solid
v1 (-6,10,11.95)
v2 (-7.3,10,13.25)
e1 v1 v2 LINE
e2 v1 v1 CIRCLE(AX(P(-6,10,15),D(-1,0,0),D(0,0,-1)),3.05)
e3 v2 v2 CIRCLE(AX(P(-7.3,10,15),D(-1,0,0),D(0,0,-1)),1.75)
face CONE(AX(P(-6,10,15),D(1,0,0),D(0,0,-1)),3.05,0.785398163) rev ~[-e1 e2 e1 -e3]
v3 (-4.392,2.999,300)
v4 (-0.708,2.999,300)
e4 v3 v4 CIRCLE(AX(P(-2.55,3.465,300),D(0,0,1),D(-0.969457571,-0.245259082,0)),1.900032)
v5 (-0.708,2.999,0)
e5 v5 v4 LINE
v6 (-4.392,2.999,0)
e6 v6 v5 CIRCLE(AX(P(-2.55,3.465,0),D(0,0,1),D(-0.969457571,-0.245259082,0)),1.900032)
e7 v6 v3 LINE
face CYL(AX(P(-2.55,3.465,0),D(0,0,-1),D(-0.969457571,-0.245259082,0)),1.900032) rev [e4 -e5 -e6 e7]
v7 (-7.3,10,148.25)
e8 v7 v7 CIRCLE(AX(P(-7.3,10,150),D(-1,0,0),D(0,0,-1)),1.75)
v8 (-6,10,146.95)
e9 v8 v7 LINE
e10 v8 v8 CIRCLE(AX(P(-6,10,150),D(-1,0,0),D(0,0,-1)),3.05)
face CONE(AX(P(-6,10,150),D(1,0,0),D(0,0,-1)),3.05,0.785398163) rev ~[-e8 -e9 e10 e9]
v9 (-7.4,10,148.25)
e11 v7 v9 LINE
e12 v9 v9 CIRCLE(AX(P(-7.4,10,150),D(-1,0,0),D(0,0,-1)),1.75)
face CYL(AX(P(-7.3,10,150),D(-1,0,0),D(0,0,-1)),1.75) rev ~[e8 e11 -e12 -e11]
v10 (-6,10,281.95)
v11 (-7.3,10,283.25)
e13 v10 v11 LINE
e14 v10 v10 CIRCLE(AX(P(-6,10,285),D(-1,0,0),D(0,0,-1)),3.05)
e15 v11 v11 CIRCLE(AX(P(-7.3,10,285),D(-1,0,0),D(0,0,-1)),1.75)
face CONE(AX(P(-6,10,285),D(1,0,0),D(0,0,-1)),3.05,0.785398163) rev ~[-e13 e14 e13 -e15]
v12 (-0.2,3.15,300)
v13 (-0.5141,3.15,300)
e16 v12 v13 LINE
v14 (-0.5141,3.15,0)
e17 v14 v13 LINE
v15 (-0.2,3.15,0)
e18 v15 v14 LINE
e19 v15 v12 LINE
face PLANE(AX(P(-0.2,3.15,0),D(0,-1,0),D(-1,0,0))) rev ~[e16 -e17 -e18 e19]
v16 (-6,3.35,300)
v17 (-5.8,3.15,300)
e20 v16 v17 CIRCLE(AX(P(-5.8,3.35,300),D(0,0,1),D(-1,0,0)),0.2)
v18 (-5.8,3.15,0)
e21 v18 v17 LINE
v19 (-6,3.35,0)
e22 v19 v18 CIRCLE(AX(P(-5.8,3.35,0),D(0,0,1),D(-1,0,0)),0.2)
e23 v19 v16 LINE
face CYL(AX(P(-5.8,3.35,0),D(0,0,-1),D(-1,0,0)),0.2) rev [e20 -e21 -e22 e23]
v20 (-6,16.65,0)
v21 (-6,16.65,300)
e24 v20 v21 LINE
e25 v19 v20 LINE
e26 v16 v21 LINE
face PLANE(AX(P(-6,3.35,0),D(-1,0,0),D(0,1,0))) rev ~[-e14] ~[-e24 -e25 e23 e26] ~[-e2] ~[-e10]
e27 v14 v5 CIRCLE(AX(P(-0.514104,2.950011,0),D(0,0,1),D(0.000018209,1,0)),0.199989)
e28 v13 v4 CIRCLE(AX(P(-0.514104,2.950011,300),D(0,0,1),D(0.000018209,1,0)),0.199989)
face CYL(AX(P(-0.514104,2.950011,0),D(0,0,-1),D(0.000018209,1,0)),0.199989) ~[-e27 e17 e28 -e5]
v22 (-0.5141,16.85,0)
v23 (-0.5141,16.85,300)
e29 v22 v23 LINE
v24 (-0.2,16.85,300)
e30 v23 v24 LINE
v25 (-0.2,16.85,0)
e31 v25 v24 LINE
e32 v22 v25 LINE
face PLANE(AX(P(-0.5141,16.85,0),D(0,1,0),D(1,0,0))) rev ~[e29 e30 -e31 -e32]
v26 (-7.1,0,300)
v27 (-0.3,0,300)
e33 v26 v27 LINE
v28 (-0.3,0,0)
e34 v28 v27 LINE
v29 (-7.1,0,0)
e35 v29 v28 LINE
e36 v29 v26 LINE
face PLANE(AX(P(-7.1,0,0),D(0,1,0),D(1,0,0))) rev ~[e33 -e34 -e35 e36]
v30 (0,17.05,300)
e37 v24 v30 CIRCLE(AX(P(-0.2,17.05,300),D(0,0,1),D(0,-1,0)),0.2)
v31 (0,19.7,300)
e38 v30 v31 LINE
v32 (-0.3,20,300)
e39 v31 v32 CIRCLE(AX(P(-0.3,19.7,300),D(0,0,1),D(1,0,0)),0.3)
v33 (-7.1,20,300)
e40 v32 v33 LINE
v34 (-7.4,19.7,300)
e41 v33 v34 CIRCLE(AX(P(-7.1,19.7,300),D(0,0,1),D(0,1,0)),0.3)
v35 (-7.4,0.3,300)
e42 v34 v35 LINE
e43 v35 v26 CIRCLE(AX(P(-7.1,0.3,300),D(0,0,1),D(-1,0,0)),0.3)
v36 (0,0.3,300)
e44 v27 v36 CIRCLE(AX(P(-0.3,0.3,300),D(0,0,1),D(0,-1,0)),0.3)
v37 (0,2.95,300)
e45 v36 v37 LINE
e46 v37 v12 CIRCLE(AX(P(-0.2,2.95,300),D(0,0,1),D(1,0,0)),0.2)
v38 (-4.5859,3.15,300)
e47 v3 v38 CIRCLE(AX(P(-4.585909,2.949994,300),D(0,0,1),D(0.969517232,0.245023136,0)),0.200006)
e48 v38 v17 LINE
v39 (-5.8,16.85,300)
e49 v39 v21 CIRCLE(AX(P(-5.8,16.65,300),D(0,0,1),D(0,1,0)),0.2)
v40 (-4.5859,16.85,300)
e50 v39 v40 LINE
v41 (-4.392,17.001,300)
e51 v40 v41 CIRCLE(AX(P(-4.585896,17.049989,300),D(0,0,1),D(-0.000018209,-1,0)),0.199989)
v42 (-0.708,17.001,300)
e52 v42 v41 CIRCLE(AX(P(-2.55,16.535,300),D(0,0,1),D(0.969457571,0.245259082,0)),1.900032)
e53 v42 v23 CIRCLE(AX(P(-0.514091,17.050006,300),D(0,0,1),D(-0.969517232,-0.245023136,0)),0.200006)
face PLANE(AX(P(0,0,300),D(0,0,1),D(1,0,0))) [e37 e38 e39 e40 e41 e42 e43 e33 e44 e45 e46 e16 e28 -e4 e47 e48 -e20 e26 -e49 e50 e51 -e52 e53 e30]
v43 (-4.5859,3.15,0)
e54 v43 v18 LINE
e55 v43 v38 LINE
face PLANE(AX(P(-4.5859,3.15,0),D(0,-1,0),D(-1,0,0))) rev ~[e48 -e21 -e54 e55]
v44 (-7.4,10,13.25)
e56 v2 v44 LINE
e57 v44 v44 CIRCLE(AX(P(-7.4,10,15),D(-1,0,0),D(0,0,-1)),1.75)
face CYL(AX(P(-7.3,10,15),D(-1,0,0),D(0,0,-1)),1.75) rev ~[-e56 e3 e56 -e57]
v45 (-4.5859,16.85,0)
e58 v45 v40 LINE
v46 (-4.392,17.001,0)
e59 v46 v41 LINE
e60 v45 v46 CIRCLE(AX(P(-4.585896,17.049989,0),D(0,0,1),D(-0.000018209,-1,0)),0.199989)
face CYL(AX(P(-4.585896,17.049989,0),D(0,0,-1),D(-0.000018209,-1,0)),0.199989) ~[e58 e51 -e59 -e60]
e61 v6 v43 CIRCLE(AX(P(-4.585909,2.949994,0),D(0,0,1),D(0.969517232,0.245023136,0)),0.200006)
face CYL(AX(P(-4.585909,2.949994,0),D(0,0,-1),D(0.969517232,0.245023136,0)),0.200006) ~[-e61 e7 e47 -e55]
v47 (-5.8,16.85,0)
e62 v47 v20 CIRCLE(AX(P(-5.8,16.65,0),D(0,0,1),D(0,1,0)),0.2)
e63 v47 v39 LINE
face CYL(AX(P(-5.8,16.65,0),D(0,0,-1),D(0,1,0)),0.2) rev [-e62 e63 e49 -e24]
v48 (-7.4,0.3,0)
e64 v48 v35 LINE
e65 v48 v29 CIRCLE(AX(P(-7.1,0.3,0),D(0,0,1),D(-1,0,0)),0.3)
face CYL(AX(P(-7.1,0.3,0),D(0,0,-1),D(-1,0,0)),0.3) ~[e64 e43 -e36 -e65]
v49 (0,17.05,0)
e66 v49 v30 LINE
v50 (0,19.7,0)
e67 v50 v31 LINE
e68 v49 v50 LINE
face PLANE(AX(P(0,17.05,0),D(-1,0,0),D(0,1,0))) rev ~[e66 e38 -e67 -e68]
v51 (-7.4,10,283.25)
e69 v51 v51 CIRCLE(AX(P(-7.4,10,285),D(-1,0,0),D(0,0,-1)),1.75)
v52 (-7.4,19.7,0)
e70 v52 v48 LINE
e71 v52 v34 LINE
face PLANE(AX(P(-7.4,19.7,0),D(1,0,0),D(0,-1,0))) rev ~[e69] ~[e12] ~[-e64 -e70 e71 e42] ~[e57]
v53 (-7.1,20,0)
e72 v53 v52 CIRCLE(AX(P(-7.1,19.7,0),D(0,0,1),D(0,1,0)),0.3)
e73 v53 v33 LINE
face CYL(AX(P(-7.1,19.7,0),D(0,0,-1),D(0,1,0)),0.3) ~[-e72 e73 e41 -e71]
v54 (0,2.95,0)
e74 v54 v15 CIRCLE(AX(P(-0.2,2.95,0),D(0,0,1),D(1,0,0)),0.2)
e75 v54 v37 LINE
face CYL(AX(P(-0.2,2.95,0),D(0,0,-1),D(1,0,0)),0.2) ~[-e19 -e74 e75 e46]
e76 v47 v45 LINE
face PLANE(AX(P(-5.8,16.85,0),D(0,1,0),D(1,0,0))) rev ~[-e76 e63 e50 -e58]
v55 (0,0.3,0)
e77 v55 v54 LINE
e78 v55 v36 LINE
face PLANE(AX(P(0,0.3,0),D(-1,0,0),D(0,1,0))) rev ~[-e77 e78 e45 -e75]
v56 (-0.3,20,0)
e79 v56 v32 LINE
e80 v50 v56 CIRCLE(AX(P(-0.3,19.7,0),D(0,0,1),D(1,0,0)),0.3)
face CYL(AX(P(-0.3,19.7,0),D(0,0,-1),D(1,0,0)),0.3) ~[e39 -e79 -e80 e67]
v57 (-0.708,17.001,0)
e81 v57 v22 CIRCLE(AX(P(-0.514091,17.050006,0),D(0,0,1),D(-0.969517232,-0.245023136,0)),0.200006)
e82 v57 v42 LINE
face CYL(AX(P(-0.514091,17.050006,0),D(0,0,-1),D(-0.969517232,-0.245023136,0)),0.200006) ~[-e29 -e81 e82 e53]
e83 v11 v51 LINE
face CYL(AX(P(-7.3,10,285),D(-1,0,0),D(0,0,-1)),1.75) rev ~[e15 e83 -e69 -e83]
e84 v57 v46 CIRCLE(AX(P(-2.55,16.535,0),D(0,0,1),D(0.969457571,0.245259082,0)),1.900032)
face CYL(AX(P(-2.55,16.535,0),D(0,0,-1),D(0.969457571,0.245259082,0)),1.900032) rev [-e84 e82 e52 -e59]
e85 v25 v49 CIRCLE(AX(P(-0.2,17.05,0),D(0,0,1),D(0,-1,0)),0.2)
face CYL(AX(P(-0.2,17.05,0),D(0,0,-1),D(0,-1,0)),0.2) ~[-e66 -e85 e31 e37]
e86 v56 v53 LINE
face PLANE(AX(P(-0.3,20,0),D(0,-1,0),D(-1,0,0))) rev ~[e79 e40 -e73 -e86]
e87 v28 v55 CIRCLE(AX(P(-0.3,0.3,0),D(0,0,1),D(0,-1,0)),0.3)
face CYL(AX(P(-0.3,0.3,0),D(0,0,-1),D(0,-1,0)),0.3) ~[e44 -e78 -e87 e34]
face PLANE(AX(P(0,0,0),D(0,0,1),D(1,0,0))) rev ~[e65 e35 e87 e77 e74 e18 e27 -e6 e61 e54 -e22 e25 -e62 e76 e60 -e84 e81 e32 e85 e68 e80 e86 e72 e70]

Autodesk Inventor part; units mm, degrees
sketch "Sketch_1" plane through (0, 0, 0) normal (0, 0, 1) x (1, 0, 0)
  line L0 (-7.4, 19.7) -> (-7.4, 0.3)
  arc A0 (-7.4, 0.3) -> (-7.1, 0) centre (-7.1, 0.3) ccw
  line L1 (-7.1, 0) -> (-0.3, 0)
  arc A1 (-0.3, 0) -> (0, 0.3) centre (-0.3, 0.3) ccw
  line L2 (0, 0.3) -> (0, 2.95)
  arc A2 (0, 2.95) -> (-0.2, 3.15) centre (-0.2, 2.95) ccw
  line L3 (-0.2, 3.15) -> (-0.5141, 3.15)
  arc A3 (-0.5141, 3.15) -> (-0.708, 2.999) centre (-0.5141, 2.95) ccw
  arc A4 (-4.392, 2.999) -> (-0.708, 2.999) centre (-2.55, 3.465) ccw
  arc A5 (-4.392, 2.999) -> (-4.5859, 3.15) centre (-4.5859, 2.95) ccw
  line L4 (-4.5859, 3.15) -> (-5.8, 3.15)
  arc A6 (-6, 3.35) -> (-5.8, 3.15) centre (-5.8, 3.35) ccw
  line L5 (-6, 3.35) -> (-6, 16.65)
  arc A7 (-5.8, 16.85) -> (-6, 16.65) centre (-5.8, 16.65) ccw
  line L6 (-5.8, 16.85) -> (-4.5859, 16.85)
  arc A8 (-4.5859, 16.85) -> (-4.392, 17.001) centre (-4.5859, 17.05) ccw
  arc A9 (-0.708, 17.001) -> (-4.392, 17.001) centre (-2.55, 16.535) ccw
  arc A10 (-0.708, 17.001) -> (-0.5141, 16.85) centre (-0.5141, 17.05) ccw
  line L7 (-0.5141, 16.85) -> (-0.2, 16.85)
  arc A11 (-0.2, 16.85) -> (0, 17.05) centre (-0.2, 17.05) ccw
  line L8 (0, 17.05) -> (0, 19.7)
  arc A12 (0, 19.7) -> (-0.3, 20) centre (-0.3, 19.7) ccw
  line L9 (-0.3, 20) -> (-7.1, 20)
  arc A13 (-7.1, 20) -> (-7.4, 19.7) centre (-7.1, 19.7) ccw
extrude "Extrusion1" add sketch "Sketch_1" along normal blind 300
sketch "Sketch2" plane through (-6, 3.35, 0) normal (1, 0, 0) x (0, 0, -1)
  point P0 (-15, 6.65)
hole "Hole1" at (-6, 10, 15) direction (-1, 0, 0) diameter 3.5 depth 1.4 countersink diameter 6.1 countersink angle 90
pattern_linear "Rectangular Pattern1" count 3 spacing 135 along (0, 0, 1) of "Hole1"
ref_plane "to_rail_XY" through (0.6, 10, 150) normal (0, 0, 1) x (1, 0, 0)
ref_plane "to_rail_YZ" through (0.6, 10, 150) normal (1, 0, 0) x (0, 1, 0)
ref_plane "to_rail_ZX" through (0.6, 10, 150) normal (0, 1, 0) x (0, 0, 1)
properties part number "SAR330-30_b"
